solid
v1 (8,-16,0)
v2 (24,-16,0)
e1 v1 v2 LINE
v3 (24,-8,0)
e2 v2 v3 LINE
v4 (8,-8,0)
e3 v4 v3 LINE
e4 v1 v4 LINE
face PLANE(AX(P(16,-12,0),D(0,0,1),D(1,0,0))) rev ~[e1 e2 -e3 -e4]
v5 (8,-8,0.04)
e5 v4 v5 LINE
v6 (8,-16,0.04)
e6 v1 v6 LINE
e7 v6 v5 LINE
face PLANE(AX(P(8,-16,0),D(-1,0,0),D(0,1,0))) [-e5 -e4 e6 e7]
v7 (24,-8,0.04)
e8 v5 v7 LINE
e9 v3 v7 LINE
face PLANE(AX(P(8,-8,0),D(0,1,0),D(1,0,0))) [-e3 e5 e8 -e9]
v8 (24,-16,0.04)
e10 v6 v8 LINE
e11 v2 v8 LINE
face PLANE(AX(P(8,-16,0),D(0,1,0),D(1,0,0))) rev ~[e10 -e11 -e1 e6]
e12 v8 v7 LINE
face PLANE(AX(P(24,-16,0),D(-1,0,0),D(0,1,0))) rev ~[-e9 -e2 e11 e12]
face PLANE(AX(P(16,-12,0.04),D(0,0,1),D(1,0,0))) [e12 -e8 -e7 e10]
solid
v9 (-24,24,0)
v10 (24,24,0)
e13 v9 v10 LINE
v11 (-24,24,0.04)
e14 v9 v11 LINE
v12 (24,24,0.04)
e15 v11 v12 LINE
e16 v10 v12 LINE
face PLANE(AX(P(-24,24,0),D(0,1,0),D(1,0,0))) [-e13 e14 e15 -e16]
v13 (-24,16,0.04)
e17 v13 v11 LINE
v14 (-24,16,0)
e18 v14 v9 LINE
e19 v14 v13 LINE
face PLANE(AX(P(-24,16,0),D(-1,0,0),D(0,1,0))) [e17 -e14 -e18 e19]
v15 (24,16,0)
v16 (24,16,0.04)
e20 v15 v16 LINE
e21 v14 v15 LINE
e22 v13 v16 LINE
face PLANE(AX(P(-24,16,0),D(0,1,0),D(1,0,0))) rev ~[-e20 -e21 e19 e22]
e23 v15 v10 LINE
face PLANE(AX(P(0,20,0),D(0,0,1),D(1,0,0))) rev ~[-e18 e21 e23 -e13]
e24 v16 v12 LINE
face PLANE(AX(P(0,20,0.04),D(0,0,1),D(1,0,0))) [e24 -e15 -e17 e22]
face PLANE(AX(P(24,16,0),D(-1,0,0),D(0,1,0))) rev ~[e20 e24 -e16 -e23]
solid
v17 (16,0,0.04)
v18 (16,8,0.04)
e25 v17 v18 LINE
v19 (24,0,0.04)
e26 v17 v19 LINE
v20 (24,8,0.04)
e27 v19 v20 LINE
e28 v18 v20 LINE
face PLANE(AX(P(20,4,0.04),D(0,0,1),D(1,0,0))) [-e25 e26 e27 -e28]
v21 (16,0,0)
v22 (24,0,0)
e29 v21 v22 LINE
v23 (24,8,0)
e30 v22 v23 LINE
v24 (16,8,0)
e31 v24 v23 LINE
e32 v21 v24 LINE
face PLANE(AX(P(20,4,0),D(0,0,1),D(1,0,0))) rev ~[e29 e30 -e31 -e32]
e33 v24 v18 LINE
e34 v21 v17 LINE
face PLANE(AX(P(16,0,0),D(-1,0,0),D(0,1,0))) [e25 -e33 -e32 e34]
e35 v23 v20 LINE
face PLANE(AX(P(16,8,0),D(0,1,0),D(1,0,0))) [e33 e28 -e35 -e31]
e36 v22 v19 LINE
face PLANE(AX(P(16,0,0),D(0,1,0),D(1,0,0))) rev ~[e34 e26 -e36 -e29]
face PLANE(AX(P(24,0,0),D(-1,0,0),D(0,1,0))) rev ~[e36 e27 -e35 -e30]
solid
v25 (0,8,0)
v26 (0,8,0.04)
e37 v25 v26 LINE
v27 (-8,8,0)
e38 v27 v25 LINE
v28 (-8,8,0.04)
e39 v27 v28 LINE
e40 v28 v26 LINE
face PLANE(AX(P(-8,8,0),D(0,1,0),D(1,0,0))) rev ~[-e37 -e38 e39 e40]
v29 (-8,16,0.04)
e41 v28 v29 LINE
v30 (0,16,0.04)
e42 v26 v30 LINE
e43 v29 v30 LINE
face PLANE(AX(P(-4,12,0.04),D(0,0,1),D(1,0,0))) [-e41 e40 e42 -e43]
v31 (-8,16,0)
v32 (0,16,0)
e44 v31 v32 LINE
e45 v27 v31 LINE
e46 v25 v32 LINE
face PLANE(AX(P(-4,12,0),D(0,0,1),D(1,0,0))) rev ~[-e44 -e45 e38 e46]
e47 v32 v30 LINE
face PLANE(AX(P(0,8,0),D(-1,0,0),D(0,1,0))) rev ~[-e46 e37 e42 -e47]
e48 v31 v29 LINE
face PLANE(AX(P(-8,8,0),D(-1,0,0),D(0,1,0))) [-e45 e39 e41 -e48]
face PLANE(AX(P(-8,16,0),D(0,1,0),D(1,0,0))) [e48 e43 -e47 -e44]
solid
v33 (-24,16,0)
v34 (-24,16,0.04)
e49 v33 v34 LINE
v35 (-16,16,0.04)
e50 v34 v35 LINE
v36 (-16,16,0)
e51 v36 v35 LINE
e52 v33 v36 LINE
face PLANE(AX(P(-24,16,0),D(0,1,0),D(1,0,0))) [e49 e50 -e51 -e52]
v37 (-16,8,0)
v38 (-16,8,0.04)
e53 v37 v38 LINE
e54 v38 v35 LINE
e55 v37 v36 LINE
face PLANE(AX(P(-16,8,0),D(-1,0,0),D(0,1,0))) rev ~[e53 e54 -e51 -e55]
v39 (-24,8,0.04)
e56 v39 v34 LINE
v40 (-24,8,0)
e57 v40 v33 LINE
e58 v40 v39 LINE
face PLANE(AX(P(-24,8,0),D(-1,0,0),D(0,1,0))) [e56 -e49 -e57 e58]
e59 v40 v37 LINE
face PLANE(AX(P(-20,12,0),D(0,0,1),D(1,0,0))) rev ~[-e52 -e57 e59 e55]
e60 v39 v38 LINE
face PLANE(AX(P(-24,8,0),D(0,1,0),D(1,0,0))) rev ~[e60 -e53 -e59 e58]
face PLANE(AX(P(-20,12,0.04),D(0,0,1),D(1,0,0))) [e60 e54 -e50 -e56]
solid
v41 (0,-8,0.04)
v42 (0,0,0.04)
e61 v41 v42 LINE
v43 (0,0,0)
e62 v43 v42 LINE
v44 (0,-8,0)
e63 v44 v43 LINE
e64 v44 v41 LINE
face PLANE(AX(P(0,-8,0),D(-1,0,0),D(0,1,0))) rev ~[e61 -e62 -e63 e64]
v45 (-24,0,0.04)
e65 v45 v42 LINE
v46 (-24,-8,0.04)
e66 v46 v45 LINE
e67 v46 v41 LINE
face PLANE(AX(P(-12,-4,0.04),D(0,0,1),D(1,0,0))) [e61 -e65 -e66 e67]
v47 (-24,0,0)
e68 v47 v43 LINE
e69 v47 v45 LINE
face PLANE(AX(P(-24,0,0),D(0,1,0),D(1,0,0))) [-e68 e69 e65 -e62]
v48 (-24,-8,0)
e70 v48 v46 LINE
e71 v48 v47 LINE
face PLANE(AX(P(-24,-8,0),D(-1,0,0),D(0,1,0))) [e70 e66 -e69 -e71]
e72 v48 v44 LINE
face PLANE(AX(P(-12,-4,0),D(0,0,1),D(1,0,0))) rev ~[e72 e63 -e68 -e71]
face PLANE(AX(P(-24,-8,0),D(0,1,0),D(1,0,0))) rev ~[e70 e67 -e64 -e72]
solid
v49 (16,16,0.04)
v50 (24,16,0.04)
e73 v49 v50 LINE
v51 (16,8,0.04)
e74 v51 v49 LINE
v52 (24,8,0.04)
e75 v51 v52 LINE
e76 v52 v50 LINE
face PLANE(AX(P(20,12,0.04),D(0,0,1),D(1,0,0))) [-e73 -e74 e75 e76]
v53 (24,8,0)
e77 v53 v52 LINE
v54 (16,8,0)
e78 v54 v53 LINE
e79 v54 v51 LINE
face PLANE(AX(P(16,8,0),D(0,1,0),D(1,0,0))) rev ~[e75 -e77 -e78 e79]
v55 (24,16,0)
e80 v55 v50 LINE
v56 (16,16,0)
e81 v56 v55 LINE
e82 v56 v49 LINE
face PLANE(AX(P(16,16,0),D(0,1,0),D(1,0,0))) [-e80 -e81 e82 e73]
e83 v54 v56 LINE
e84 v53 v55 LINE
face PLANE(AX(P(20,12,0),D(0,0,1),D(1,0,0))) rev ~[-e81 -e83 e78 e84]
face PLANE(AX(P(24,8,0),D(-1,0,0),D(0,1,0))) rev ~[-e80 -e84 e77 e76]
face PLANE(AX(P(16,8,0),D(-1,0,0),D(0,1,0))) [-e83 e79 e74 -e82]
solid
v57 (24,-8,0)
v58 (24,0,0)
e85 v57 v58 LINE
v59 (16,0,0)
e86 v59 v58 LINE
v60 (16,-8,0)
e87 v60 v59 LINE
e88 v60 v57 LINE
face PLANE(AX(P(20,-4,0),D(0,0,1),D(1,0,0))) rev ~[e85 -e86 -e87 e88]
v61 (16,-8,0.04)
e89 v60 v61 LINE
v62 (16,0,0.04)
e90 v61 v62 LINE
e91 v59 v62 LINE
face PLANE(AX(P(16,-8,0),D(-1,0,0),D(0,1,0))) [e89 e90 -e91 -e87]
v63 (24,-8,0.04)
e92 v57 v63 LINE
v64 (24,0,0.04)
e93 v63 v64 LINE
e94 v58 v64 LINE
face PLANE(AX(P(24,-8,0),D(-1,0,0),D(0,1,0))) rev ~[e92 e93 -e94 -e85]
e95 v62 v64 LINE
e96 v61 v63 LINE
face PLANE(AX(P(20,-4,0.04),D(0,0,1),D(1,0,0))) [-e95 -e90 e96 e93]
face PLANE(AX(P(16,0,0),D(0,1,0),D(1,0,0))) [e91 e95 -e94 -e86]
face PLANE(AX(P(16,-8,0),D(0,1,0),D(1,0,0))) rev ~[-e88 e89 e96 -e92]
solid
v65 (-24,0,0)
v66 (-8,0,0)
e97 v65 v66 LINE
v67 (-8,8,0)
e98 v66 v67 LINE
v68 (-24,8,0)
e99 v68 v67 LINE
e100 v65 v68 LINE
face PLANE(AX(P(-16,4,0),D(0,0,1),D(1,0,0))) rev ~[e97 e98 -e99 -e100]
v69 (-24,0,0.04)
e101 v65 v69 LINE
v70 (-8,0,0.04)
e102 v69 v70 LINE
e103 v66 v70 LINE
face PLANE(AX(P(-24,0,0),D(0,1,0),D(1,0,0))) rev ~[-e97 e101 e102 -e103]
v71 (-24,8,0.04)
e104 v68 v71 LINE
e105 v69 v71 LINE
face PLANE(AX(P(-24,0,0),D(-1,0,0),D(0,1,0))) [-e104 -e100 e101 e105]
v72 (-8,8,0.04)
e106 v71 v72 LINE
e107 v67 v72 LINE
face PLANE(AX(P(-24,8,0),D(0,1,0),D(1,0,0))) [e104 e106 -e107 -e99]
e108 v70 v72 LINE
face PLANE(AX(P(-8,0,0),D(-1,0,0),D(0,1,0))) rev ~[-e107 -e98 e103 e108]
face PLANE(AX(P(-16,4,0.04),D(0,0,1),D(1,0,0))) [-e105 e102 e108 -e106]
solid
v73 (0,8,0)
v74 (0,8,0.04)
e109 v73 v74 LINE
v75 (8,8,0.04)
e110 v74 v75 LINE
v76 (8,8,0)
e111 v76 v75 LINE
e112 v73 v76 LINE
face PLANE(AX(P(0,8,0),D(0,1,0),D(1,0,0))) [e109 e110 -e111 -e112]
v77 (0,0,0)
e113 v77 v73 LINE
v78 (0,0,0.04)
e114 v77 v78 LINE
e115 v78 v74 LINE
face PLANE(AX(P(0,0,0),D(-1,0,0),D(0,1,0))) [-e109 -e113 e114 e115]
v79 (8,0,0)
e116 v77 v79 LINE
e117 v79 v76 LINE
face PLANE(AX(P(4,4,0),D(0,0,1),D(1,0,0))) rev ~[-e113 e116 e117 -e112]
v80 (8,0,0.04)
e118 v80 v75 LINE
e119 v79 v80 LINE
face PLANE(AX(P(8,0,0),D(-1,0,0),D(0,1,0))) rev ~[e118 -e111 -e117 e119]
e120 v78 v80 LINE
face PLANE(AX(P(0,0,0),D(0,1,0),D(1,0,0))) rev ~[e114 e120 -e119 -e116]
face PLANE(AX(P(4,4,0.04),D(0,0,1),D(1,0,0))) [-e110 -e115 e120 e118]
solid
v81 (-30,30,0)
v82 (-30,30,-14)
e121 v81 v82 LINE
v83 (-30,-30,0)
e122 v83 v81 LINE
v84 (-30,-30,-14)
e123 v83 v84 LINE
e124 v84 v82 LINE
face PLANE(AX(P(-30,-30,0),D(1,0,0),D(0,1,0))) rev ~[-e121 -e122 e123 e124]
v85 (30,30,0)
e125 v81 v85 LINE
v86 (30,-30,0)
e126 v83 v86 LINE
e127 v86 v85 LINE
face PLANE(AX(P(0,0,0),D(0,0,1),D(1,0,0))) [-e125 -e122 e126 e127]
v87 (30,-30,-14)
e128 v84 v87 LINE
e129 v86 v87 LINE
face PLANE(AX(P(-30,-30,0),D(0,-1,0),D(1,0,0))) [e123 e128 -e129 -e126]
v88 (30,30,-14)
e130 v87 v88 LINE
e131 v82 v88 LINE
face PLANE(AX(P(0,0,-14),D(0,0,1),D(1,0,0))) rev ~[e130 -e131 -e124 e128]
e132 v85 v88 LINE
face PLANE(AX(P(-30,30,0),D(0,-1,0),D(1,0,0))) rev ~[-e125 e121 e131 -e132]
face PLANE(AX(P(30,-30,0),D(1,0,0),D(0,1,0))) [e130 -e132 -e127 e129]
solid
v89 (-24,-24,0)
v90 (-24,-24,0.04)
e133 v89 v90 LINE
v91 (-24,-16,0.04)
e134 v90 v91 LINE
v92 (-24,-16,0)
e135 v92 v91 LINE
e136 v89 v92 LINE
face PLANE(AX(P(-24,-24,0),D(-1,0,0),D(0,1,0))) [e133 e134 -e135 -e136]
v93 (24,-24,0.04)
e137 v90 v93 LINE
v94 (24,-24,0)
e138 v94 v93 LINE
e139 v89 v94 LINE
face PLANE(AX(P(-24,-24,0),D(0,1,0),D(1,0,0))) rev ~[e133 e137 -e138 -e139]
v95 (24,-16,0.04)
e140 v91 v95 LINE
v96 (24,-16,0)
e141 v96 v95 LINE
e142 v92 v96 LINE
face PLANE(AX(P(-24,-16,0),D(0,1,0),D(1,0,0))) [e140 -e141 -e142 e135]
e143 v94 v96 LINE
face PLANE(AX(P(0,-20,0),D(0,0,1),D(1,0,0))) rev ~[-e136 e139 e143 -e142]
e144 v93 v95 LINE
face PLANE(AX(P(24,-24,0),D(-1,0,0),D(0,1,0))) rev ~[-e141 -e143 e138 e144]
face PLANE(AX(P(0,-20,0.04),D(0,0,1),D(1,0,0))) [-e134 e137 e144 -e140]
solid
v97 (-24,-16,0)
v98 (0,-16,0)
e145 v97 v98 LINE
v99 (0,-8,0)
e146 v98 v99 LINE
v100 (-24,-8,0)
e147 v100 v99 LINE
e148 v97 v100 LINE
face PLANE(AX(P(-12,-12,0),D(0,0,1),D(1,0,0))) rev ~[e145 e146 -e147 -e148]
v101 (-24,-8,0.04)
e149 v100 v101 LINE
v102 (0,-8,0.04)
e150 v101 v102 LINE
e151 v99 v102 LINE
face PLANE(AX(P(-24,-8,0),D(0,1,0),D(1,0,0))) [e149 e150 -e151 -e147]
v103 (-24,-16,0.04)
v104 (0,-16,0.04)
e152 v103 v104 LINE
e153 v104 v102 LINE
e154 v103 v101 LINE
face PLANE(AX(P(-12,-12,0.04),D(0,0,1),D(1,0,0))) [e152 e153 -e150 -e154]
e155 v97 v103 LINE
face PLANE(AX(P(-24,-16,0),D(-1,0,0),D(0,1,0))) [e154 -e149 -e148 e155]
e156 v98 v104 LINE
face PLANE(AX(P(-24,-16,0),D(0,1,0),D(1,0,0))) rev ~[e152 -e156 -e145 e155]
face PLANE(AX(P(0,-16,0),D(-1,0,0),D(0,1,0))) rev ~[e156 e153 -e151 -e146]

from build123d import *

# Parameters (mm, degrees)
SKETCH_1_W                     = 60
SKETCH_1_H                     = 60
COPLANAR_SUPPORT60X60X14_DEPTH = 14
SKETCH_2_W                     = 48
SKETCH_2_H                     = 8
ID0_ROW0_DEPTH                 = 0.04
SKETCH_3_W                     = 8
SKETCH_3_H                     = 8
ID0_ROW1_DEPTH                 = 0.04
ID0_ROW1_2_DEPTH               = 0.04
ID0_ROW1_3_DEPTH               = 0.04
SKETCH_4_W                     = 16
SKETCH_4_H                     = 8
ID0_ROW2_DEPTH                 = 0.04
SKETCH_4_W_2                   = 8
ID0_ROW2_2_DEPTH               = 0.04
ID0_ROW2_3_DEPTH               = 0.04
SKETCH_5_W                     = 24
SKETCH_5_H                     = 8
ID0_ROW3_DEPTH                 = 0.04
SKETCH_5_W_2                   = 8
ID0_ROW3_2_DEPTH               = 0.04
SKETCH_6_W                     = 24
SKETCH_6_H                     = 8
ID0_ROW4_DEPTH                 = 0.04
SKETCH_6_W_2                   = 16
ID0_ROW4_2_DEPTH               = 0.04
SKETCH_7_W                     = 48
SKETCH_7_H                     = 8
ID0_ROW5_DEPTH                 = 0.04


with BuildPart() as part:
    # 草图1 → Coplanar_support60x60x14 (new body)
    with BuildSketch(Plane.XY):
        Rectangle(SKETCH_1_W, SKETCH_1_H)
    extrude(amount=-COPLANAR_SUPPORT60X60X14_DEPTH)


with BuildPart() as body_2:
    # 草图2 → ID0_row0 (new body)
    with BuildSketch(Plane.XY):
        with Locations((0, 20)):
            Rectangle(SKETCH_2_W, SKETCH_2_H)
    extrude(amount=ID0_ROW0_DEPTH)


with BuildPart() as body_3:
    # 草图3 → ID0_row1 (new body)
    with BuildSketch(Plane.XY):
        with Locations((-20, 12)):
            Rectangle(SKETCH_3_W, SKETCH_3_H)
    extrude(amount=ID0_ROW1_DEPTH)


with BuildPart() as body_4:
    # 草图3 → ID0_row1 2 (new body)
    with BuildSketch(Plane.XY):
        with Locations((-4, 12)):
            Rectangle(SKETCH_3_W, SKETCH_3_H)
    extrude(amount=ID0_ROW1_2_DEPTH)


with BuildPart() as body_5:
    # 草图3 → ID0_row1 3 (new body)
    with BuildSketch(Plane.XY):
        with Locations((20, 12)):
            Rectangle(SKETCH_3_W, SKETCH_3_H)
    extrude(amount=ID0_ROW1_3_DEPTH)


with BuildPart() as body_6:
    # 草图4 → ID0_row2 (new body)
    with BuildSketch(Plane.XY):
        with Locations((-16, 4)):
            Rectangle(SKETCH_4_W, SKETCH_4_H)
    extrude(amount=ID0_ROW2_DEPTH)


with BuildPart() as body_7:
    # 草图4 → ID0_row2 2 (new body)
    with BuildSketch(Plane.XY):
        with Locations((4, 4)):
            Rectangle(SKETCH_4_W_2, SKETCH_4_H)
    extrude(amount=ID0_ROW2_2_DEPTH)


with BuildPart() as body_8:
    # 草图4 → ID0_row2 3 (new body)
    with BuildSketch(Plane.XY):
        with Locations((20, 4)):
            Rectangle(SKETCH_4_W_2, SKETCH_4_H)
    extrude(amount=ID0_ROW2_3_DEPTH)


with BuildPart() as body_9:
    # 草图5 → ID0_row3 (new body)
    with BuildSketch(Plane.XY):
        with Locations((-12, -4)):
            Rectangle(SKETCH_5_W, SKETCH_5_H)
    extrude(amount=ID0_ROW3_DEPTH)


with BuildPart() as body_10:
    # 草图5 → ID0_row3 2 (new body)
    with BuildSketch(Plane.XY):
        with Locations((20, -4)):
            Rectangle(SKETCH_5_W_2, SKETCH_5_H)
    extrude(amount=ID0_ROW3_2_DEPTH)


with BuildPart() as body_11:
    # 草图6 → ID0_row4 (new body)
    with BuildSketch(Plane.XY):
        with Locations((-12, -12)):
            Rectangle(SKETCH_6_W, SKETCH_6_H)
    extrude(amount=ID0_ROW4_DEPTH)


with BuildPart() as body_12:
    # 草图6 → ID0_row4 2 (new body)
    with BuildSketch(Plane.XY):
        with Locations((16, -12)):
            Rectangle(SKETCH_6_W_2, SKETCH_6_H)
    extrude(amount=ID0_ROW4_2_DEPTH)


with BuildPart() as body_13:
    # 草图7 → ID0_row5 (new body)
    with BuildSketch(Plane.XY):
        with Locations((0, -20)):
            Rectangle(SKETCH_7_W, SKETCH_7_H)
    extrude(amount=ID0_ROW5_DEPTH)


solid = Compound([part.part, body_2.part, body_3.part, body_4.part, body_5.part, body_6.part, body_7.part, body_8.part, body_9.part, body_10.part, body_11.part, body_12.part, body_13.part])
